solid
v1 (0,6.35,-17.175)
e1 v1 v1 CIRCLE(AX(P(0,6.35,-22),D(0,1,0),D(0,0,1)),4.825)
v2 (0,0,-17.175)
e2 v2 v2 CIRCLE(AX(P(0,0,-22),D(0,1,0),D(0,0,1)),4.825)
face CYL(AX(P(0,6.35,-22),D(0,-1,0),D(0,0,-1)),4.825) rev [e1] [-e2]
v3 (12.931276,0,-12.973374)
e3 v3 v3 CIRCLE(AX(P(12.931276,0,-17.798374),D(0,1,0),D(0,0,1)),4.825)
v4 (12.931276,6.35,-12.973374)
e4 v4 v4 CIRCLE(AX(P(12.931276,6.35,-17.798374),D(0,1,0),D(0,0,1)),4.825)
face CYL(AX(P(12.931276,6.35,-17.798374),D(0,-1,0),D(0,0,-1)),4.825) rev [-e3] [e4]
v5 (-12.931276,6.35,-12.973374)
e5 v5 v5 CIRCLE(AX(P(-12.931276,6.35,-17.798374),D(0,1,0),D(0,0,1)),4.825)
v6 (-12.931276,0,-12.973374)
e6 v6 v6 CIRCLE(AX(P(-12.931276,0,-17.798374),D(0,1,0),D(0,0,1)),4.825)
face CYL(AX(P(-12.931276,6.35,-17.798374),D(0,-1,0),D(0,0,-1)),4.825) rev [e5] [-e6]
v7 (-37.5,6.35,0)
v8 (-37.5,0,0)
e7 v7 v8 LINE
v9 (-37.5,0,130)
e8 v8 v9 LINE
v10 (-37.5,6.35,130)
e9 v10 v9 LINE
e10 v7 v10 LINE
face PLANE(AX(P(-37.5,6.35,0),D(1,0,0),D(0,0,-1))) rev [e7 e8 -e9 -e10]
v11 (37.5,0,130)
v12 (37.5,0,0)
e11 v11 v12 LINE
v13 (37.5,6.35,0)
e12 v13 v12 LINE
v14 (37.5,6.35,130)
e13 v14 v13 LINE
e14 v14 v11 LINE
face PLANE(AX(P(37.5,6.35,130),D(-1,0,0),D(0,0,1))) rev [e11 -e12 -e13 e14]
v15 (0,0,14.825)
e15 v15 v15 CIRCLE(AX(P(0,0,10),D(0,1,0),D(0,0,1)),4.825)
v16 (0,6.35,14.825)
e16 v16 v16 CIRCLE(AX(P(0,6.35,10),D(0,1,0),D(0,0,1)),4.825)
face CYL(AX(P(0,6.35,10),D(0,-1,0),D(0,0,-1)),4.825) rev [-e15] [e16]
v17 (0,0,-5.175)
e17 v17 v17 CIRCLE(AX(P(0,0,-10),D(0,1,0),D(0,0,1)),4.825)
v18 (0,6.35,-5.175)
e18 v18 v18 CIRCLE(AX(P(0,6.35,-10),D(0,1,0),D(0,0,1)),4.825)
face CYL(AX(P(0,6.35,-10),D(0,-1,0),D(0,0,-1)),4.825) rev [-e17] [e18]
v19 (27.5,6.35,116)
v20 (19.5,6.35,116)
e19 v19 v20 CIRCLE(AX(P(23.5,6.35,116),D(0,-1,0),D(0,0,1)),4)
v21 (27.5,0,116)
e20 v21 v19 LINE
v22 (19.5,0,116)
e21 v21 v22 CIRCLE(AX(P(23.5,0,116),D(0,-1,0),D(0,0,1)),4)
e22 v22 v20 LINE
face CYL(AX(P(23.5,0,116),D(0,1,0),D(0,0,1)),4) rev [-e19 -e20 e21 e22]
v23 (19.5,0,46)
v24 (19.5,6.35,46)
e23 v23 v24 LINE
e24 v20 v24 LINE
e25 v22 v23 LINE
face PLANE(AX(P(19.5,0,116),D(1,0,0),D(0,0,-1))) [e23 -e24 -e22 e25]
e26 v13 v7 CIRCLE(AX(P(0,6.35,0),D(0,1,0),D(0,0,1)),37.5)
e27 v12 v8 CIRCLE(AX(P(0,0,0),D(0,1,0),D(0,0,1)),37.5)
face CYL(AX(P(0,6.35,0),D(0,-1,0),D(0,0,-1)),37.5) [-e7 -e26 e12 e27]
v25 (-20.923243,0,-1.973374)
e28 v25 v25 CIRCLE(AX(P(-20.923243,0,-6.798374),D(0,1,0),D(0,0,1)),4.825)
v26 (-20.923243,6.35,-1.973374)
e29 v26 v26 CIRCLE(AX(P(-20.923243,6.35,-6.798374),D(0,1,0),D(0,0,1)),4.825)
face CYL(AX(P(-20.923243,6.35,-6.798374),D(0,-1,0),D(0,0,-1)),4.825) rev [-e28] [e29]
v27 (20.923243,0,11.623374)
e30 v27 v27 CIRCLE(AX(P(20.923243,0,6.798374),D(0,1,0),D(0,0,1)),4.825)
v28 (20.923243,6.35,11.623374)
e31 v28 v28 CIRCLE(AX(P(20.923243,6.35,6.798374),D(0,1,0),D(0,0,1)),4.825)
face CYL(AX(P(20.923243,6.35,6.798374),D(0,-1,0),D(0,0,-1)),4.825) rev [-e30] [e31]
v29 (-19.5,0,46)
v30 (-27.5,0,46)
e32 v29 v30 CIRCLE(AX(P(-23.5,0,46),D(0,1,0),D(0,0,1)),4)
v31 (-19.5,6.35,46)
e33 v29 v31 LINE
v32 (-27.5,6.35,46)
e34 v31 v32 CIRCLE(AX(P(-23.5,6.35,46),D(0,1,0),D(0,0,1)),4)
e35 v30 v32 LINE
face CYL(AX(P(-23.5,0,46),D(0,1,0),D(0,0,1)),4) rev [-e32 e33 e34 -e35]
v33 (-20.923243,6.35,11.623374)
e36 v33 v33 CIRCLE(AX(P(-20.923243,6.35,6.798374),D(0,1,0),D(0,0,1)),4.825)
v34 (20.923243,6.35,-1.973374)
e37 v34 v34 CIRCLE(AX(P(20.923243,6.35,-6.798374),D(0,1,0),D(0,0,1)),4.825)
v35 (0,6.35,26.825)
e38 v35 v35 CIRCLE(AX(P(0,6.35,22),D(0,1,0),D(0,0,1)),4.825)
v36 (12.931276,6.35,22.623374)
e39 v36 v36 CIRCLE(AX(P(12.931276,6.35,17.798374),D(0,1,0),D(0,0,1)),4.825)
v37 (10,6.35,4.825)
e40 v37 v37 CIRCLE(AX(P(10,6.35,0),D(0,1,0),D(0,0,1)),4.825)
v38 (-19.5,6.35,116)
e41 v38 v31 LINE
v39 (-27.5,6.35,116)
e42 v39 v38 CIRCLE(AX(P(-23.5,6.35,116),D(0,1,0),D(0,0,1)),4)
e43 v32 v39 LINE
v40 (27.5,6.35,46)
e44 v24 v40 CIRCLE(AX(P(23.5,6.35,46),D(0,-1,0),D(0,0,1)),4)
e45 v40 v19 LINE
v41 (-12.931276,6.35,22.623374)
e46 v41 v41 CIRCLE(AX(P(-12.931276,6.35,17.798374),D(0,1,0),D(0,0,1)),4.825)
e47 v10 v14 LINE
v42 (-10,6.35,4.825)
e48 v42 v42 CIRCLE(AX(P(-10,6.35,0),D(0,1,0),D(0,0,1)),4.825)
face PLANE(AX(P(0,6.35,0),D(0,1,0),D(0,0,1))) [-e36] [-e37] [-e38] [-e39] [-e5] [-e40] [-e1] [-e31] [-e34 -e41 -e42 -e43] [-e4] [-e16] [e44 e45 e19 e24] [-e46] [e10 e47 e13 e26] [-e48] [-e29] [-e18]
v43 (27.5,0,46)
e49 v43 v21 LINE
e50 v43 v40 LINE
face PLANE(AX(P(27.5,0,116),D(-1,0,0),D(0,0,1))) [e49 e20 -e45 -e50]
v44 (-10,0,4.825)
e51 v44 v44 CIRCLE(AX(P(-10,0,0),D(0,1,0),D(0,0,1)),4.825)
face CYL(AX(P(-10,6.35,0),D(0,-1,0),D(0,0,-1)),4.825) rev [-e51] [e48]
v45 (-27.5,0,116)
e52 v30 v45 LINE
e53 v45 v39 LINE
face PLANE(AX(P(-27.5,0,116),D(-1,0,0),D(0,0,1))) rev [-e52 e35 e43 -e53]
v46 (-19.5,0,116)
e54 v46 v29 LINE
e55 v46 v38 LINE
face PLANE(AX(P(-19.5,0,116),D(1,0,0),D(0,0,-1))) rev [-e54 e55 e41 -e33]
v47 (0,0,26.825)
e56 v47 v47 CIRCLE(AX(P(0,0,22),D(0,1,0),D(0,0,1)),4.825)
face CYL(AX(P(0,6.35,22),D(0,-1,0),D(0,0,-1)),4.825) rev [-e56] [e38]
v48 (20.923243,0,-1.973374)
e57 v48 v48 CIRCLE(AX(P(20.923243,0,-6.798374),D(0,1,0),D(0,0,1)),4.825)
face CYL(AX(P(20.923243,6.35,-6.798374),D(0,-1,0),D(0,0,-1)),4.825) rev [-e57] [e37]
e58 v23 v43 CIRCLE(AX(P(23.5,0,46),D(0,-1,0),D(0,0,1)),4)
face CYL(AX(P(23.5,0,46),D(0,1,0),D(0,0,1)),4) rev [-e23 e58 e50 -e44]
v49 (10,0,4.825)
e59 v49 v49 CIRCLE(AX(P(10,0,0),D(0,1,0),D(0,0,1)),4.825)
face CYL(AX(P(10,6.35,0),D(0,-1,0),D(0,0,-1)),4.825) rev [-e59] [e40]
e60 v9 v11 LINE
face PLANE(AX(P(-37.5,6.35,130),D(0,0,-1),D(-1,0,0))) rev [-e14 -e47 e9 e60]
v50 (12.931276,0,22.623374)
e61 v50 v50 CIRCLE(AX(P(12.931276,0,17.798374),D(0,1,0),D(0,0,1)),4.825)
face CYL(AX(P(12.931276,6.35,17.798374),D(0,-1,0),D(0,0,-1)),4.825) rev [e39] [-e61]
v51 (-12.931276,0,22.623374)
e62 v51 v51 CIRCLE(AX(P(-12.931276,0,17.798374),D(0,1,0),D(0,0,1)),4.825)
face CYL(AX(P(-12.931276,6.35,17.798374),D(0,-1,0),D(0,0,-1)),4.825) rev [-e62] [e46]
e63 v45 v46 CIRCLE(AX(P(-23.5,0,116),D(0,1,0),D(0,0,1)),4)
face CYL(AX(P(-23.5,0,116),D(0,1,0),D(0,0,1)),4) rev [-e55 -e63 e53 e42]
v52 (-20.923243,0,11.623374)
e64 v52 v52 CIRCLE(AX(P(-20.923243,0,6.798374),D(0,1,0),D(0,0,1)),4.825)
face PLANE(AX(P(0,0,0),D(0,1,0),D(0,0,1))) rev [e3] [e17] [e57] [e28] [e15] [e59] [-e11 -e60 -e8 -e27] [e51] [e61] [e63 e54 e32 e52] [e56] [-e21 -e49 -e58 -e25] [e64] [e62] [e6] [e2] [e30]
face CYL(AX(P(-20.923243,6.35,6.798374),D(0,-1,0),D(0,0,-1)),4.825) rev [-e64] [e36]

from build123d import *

# Parameters (mm, degrees)
SKETCH1_R           = 4.825
BOSS_EXTRUDE1_DEPTH = 6.35
CUT_EXTRUDE1_DEPTH  = 136.449520117


with BuildPart() as part:
    # Sketch1 → Boss-Extrude1 (new body)
    with BuildSketch(Plane(origin=(0, 0, 0), x_dir=(1, 0, 0), z_dir=(0, 1, 0))):
        with BuildLine():
            Line((-37.5, 0), (-37.5, -130))
            Line((-37.5, -130), (37.5, -130))
            Line((37.5, -130), (37.5, 0))
            ThreePointArc((37.5, 0), (0, 37.5), (-37.5, 0))
        make_face()
        with Locations(Location((0, 22, 0), (0, 0, 270))):
            Circle(SKETCH1_R, mode=Mode.SUBTRACT)
        with Locations(Location((0, 10, 0), (0, 0, 270))):
            Circle(SKETCH1_R, mode=Mode.SUBTRACT)
        with Locations(Location((12.93127555, 17.798373876, 0), (0, 0, 270))):
            Circle(SKETCH1_R, mode=Mode.SUBTRACT)
        with Locations(Location((20.923243358, 6.798373876, 0), (0, 0, 270))):
            Circle(SKETCH1_R, mode=Mode.SUBTRACT)
        with Locations(Location((20.923243358, -6.798373876, 0), (0, 0, 270))):
            Circle(SKETCH1_R, mode=Mode.SUBTRACT)
        with Locations(Location((12.93127555, -17.798373876, 0), (0, 0, 270))):
            Circle(SKETCH1_R, mode=Mode.SUBTRACT)
        with Locations(Location((0, -22, 0), (0, 0, 270))):
            Circle(SKETCH1_R, mode=Mode.SUBTRACT)
        with Locations(Location((-12.93127555, -17.798373876, 0), (0, 0, 270))):
            Circle(SKETCH1_R, mode=Mode.SUBTRACT)
        with Locations(Location((-20.923243358, -6.798373876, 0), (0, 0, 270))):
            Circle(SKETCH1_R, mode=Mode.SUBTRACT)
        with Locations(Location((-20.923243358, 6.798373876, 0), (0, 0, 270))):
            Circle(SKETCH1_R, mode=Mode.SUBTRACT)
        with Locations(Location((-12.93127555, 17.798373876, 0), (0, 0, 270))):
            Circle(SKETCH1_R, mode=Mode.SUBTRACT)
        with Locations(Location((10, 0, 0), (0, 0, 270))):
            Circle(SKETCH1_R, mode=Mode.SUBTRACT)
        with Locations(Location((0, -10, 0), (0, 0, 270))):
            Circle(SKETCH1_R, mode=Mode.SUBTRACT)
        with Locations(Location((-10, 0, 0), (0, 0, 270))):
            Circle(SKETCH1_R, mode=Mode.SUBTRACT)
    extrude(amount=BOSS_EXTRUDE1_DEPTH)

    # Sketch2 → Cut-Extrude1 (cut, through all)
    with BuildSketch(Plane(origin=(0, 6.35, 0), x_dir=(1, 0, 0), z_dir=(0, 1, 0))):
        with BuildLine():
            Line((-27.5, -116), (-27.5, -46))
            ThreePointArc((-27.5, -46), (-23.5, -42), (-19.5, -46))
            Line((-19.5, -46), (-19.5, -116))
            ThreePointArc((-19.5, -116), (-23.5, -120), (-27.5, -116))
        make_face()
    cut_extrude1 = extrude(amount=-CUT_EXTRUDE1_DEPTH, mode=Mode.SUBTRACT)

    # Mirror1: Cut-Extrude1 across plane
    add(cut_extrude1.mirror(Plane(origin=(0, 0, 0), x_dir=(0, 0, 1), z_dir=(1, 0, 0))), mode=Mode.SUBTRACT)


solid = part.part
